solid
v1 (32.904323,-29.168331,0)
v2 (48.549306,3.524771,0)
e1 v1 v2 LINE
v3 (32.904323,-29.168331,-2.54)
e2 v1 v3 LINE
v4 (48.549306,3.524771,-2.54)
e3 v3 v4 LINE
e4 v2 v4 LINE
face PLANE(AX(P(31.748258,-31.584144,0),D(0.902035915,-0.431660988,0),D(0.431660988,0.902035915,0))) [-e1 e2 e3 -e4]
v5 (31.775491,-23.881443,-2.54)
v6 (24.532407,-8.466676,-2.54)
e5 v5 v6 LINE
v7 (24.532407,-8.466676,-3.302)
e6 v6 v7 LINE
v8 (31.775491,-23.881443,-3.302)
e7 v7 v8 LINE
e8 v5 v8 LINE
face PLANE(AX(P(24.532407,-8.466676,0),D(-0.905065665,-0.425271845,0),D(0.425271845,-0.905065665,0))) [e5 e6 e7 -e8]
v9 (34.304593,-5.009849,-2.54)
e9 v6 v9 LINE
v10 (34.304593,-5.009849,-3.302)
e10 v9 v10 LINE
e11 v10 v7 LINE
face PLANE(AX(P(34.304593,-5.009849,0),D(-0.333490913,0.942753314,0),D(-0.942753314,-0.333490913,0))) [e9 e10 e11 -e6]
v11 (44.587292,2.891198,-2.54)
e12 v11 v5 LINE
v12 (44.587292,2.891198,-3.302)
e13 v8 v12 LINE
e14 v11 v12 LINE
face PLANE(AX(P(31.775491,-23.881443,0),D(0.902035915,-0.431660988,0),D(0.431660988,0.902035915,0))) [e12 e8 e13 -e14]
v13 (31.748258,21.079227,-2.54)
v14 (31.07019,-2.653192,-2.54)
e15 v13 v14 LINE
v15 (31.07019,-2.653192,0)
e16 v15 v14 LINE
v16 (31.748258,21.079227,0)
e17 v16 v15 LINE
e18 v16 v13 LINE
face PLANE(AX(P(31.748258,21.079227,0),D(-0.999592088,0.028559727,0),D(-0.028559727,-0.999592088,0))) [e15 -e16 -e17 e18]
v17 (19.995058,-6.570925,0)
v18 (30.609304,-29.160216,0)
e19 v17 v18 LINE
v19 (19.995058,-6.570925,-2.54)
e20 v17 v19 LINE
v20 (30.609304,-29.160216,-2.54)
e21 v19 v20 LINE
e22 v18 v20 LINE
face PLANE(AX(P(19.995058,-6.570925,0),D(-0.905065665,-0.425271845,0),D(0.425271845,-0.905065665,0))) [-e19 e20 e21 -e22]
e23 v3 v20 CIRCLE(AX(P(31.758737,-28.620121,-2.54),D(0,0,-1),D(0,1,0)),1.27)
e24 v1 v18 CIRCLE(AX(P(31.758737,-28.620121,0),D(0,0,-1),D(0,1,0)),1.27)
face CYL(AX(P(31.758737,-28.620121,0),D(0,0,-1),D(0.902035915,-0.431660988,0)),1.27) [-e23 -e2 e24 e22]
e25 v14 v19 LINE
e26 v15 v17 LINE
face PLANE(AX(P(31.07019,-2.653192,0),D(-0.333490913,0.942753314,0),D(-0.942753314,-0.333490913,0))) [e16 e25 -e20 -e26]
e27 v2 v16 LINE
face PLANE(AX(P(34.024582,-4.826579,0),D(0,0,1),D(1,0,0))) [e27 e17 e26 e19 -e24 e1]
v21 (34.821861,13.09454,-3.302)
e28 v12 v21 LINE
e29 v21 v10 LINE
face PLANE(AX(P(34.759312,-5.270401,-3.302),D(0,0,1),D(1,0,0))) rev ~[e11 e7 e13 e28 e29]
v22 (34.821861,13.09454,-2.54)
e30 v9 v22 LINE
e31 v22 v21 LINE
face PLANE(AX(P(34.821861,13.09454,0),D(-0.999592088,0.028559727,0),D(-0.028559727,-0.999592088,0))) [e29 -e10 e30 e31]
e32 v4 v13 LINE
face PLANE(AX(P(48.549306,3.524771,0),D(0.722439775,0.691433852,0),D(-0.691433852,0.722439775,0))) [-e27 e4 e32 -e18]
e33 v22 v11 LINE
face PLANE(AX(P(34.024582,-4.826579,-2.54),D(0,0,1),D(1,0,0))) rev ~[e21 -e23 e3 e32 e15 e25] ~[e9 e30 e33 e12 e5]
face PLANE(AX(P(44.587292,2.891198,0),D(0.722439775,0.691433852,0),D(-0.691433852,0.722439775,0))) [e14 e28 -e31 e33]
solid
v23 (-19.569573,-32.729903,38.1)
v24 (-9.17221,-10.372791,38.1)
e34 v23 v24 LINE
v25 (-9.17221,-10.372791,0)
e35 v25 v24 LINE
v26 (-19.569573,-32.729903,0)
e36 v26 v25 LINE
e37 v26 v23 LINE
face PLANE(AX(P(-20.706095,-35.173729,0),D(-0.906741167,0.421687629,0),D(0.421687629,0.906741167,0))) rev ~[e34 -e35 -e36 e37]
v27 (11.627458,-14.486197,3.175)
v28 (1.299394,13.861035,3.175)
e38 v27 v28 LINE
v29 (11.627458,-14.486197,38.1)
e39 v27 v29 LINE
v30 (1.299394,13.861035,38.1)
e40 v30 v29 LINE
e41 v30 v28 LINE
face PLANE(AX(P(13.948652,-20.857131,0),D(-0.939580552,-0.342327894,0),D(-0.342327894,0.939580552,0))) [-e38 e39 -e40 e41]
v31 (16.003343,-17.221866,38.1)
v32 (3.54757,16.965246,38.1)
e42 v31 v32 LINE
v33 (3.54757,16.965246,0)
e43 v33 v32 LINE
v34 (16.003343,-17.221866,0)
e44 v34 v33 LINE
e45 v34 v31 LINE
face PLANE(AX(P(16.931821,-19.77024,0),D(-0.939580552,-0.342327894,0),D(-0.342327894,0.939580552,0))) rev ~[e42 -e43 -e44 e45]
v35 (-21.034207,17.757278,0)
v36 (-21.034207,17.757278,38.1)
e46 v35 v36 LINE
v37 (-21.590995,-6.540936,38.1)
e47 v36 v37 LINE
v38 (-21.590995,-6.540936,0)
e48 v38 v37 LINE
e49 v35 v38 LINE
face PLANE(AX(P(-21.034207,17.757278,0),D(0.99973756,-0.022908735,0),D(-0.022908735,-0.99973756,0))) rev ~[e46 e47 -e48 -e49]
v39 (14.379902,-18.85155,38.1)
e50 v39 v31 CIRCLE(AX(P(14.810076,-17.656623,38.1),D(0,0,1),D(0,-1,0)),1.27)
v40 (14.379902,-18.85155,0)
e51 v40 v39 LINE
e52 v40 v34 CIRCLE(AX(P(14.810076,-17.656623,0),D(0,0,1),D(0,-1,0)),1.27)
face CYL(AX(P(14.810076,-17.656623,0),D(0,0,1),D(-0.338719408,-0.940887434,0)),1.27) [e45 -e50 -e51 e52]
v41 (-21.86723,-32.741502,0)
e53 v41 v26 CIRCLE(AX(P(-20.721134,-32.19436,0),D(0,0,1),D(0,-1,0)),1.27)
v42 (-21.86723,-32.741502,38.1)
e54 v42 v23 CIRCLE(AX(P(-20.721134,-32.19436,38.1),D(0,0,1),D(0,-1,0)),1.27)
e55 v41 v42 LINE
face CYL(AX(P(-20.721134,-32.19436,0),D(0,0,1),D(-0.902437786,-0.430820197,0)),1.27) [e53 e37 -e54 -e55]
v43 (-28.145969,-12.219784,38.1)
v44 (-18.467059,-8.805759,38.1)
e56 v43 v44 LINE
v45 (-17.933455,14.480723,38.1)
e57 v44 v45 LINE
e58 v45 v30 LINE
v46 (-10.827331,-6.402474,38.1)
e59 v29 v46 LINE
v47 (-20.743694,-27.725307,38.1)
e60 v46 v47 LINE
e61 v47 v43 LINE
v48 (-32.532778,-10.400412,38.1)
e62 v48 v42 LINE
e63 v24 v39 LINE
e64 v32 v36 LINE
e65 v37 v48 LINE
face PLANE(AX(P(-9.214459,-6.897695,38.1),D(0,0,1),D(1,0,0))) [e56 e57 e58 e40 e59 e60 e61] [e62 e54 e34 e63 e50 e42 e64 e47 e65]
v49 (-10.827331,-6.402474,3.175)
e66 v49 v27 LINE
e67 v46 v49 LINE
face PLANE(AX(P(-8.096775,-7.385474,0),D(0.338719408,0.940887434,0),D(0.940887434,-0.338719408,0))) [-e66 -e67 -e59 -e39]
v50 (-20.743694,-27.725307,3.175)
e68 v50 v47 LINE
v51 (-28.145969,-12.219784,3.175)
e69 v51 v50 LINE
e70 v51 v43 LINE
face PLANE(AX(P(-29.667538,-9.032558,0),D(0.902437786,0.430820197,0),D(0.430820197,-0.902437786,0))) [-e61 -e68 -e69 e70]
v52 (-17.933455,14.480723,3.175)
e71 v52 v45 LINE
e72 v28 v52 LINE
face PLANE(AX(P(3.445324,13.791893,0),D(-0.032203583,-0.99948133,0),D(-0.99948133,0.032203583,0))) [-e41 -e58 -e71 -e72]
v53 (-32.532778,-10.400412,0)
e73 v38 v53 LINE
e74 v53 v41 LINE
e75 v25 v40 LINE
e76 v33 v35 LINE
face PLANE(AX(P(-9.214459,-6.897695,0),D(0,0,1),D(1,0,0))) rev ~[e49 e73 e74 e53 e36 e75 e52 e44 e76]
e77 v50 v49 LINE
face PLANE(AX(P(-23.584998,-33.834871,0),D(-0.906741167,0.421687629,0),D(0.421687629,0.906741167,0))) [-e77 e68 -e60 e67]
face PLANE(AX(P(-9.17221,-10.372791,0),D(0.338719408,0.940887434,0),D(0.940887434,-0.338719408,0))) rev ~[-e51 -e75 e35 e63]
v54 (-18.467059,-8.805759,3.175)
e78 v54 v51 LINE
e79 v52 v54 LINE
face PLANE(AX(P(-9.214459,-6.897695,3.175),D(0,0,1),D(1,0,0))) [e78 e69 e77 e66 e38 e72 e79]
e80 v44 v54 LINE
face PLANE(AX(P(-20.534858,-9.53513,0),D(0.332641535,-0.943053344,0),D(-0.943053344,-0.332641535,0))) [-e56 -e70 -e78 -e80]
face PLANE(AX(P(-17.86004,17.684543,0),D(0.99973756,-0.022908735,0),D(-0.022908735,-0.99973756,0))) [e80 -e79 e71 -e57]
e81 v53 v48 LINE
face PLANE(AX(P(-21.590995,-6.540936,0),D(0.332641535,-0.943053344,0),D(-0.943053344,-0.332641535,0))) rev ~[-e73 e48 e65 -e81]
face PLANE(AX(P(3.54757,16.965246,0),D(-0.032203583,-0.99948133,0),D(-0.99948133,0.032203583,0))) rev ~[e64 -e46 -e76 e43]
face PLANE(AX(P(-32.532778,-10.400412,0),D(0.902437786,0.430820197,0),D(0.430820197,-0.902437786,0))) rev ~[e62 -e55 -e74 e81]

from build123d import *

# Parameters (mm, degrees)
F1_DEPTH = 3.302
F2_DEPTH = 2.54
F3_DEPTH = 38.1
F4_T     = -3.175
F5_R     = 1.27
F5_2_R   = 1.27


with BuildPart() as f1:
    # F0 (on Top) → F1 (new body)
    with BuildSketch(Plane.XY):
        Polygon((31.7754910534, -23.8814431078), (44.5872922283, 2.8911981838), (34.8218606061, 13.0945404164), (34.3045931908, -5.0098487842), (24.5324072206, -8.4666758999), align=None)
    extrude(amount=-F1_DEPTH)

    # F0 (on Top) → F2 (join)
    with BuildSketch(Plane.XY):
        Polygon((48.5493056476, 3.5247709602), (31.7482575774, 21.0792273283), (31.0701895505, -2.6531924959), (19.9950579554, -6.5709254704), (31.7482575774, -31.5841436386), align=None)
        Polygon((34.8218606061, 13.0945404164), (44.5872922283, 2.8911981838), (31.7754910534, -23.8814431078), (24.5324072206, -8.4666758999), (34.3045931908, -5.0098487842), align=None, mode=Mode.SUBTRACT)
    extrude(amount=-F2_DEPTH)

    # F5#2
    f5_2_edges = [f1.edges().sort_by_distance(p)[0] for p in [
        (31.748258, -31.584144, -1.27),
    ]]
    fillet(f5_2_edges, radius=F5_2_R)


with BuildPart() as f3:
    # F0 (on Top) → F3 (new body)
    with BuildSketch(Plane.XY):
        Polygon((3.5475699697, 16.965245828), (-21.034207195, 17.7572779357), (-21.590994671, -6.5409359522), (-32.5327776372, -10.4004116729), (-20.7060948014, -35.1737290621), (-9.1722095385, -10.3727914393), (16.9318206608, -19.7702404112), align=None)
    extrude(amount=F3_DEPTH)

    # F4
    f4_openings = [f3.faces().sort_by_distance(p)[0] for p in [
        (-8.886492, -3.880467, 38.1),
    ]]
    offset(amount=F4_T, openings=f4_openings, kind=Kind.INTERSECTION)

    # F5
    f5_edges = [f3.edges().sort_by_distance(p)[0] for p in [
        (-20.706095, -35.173729, 19.05),
        (16.931821, -19.77024, 19.05),
    ]]
    fillet(f5_edges, radius=F5_R)


solid = Compound([f1.part, f3.part])
